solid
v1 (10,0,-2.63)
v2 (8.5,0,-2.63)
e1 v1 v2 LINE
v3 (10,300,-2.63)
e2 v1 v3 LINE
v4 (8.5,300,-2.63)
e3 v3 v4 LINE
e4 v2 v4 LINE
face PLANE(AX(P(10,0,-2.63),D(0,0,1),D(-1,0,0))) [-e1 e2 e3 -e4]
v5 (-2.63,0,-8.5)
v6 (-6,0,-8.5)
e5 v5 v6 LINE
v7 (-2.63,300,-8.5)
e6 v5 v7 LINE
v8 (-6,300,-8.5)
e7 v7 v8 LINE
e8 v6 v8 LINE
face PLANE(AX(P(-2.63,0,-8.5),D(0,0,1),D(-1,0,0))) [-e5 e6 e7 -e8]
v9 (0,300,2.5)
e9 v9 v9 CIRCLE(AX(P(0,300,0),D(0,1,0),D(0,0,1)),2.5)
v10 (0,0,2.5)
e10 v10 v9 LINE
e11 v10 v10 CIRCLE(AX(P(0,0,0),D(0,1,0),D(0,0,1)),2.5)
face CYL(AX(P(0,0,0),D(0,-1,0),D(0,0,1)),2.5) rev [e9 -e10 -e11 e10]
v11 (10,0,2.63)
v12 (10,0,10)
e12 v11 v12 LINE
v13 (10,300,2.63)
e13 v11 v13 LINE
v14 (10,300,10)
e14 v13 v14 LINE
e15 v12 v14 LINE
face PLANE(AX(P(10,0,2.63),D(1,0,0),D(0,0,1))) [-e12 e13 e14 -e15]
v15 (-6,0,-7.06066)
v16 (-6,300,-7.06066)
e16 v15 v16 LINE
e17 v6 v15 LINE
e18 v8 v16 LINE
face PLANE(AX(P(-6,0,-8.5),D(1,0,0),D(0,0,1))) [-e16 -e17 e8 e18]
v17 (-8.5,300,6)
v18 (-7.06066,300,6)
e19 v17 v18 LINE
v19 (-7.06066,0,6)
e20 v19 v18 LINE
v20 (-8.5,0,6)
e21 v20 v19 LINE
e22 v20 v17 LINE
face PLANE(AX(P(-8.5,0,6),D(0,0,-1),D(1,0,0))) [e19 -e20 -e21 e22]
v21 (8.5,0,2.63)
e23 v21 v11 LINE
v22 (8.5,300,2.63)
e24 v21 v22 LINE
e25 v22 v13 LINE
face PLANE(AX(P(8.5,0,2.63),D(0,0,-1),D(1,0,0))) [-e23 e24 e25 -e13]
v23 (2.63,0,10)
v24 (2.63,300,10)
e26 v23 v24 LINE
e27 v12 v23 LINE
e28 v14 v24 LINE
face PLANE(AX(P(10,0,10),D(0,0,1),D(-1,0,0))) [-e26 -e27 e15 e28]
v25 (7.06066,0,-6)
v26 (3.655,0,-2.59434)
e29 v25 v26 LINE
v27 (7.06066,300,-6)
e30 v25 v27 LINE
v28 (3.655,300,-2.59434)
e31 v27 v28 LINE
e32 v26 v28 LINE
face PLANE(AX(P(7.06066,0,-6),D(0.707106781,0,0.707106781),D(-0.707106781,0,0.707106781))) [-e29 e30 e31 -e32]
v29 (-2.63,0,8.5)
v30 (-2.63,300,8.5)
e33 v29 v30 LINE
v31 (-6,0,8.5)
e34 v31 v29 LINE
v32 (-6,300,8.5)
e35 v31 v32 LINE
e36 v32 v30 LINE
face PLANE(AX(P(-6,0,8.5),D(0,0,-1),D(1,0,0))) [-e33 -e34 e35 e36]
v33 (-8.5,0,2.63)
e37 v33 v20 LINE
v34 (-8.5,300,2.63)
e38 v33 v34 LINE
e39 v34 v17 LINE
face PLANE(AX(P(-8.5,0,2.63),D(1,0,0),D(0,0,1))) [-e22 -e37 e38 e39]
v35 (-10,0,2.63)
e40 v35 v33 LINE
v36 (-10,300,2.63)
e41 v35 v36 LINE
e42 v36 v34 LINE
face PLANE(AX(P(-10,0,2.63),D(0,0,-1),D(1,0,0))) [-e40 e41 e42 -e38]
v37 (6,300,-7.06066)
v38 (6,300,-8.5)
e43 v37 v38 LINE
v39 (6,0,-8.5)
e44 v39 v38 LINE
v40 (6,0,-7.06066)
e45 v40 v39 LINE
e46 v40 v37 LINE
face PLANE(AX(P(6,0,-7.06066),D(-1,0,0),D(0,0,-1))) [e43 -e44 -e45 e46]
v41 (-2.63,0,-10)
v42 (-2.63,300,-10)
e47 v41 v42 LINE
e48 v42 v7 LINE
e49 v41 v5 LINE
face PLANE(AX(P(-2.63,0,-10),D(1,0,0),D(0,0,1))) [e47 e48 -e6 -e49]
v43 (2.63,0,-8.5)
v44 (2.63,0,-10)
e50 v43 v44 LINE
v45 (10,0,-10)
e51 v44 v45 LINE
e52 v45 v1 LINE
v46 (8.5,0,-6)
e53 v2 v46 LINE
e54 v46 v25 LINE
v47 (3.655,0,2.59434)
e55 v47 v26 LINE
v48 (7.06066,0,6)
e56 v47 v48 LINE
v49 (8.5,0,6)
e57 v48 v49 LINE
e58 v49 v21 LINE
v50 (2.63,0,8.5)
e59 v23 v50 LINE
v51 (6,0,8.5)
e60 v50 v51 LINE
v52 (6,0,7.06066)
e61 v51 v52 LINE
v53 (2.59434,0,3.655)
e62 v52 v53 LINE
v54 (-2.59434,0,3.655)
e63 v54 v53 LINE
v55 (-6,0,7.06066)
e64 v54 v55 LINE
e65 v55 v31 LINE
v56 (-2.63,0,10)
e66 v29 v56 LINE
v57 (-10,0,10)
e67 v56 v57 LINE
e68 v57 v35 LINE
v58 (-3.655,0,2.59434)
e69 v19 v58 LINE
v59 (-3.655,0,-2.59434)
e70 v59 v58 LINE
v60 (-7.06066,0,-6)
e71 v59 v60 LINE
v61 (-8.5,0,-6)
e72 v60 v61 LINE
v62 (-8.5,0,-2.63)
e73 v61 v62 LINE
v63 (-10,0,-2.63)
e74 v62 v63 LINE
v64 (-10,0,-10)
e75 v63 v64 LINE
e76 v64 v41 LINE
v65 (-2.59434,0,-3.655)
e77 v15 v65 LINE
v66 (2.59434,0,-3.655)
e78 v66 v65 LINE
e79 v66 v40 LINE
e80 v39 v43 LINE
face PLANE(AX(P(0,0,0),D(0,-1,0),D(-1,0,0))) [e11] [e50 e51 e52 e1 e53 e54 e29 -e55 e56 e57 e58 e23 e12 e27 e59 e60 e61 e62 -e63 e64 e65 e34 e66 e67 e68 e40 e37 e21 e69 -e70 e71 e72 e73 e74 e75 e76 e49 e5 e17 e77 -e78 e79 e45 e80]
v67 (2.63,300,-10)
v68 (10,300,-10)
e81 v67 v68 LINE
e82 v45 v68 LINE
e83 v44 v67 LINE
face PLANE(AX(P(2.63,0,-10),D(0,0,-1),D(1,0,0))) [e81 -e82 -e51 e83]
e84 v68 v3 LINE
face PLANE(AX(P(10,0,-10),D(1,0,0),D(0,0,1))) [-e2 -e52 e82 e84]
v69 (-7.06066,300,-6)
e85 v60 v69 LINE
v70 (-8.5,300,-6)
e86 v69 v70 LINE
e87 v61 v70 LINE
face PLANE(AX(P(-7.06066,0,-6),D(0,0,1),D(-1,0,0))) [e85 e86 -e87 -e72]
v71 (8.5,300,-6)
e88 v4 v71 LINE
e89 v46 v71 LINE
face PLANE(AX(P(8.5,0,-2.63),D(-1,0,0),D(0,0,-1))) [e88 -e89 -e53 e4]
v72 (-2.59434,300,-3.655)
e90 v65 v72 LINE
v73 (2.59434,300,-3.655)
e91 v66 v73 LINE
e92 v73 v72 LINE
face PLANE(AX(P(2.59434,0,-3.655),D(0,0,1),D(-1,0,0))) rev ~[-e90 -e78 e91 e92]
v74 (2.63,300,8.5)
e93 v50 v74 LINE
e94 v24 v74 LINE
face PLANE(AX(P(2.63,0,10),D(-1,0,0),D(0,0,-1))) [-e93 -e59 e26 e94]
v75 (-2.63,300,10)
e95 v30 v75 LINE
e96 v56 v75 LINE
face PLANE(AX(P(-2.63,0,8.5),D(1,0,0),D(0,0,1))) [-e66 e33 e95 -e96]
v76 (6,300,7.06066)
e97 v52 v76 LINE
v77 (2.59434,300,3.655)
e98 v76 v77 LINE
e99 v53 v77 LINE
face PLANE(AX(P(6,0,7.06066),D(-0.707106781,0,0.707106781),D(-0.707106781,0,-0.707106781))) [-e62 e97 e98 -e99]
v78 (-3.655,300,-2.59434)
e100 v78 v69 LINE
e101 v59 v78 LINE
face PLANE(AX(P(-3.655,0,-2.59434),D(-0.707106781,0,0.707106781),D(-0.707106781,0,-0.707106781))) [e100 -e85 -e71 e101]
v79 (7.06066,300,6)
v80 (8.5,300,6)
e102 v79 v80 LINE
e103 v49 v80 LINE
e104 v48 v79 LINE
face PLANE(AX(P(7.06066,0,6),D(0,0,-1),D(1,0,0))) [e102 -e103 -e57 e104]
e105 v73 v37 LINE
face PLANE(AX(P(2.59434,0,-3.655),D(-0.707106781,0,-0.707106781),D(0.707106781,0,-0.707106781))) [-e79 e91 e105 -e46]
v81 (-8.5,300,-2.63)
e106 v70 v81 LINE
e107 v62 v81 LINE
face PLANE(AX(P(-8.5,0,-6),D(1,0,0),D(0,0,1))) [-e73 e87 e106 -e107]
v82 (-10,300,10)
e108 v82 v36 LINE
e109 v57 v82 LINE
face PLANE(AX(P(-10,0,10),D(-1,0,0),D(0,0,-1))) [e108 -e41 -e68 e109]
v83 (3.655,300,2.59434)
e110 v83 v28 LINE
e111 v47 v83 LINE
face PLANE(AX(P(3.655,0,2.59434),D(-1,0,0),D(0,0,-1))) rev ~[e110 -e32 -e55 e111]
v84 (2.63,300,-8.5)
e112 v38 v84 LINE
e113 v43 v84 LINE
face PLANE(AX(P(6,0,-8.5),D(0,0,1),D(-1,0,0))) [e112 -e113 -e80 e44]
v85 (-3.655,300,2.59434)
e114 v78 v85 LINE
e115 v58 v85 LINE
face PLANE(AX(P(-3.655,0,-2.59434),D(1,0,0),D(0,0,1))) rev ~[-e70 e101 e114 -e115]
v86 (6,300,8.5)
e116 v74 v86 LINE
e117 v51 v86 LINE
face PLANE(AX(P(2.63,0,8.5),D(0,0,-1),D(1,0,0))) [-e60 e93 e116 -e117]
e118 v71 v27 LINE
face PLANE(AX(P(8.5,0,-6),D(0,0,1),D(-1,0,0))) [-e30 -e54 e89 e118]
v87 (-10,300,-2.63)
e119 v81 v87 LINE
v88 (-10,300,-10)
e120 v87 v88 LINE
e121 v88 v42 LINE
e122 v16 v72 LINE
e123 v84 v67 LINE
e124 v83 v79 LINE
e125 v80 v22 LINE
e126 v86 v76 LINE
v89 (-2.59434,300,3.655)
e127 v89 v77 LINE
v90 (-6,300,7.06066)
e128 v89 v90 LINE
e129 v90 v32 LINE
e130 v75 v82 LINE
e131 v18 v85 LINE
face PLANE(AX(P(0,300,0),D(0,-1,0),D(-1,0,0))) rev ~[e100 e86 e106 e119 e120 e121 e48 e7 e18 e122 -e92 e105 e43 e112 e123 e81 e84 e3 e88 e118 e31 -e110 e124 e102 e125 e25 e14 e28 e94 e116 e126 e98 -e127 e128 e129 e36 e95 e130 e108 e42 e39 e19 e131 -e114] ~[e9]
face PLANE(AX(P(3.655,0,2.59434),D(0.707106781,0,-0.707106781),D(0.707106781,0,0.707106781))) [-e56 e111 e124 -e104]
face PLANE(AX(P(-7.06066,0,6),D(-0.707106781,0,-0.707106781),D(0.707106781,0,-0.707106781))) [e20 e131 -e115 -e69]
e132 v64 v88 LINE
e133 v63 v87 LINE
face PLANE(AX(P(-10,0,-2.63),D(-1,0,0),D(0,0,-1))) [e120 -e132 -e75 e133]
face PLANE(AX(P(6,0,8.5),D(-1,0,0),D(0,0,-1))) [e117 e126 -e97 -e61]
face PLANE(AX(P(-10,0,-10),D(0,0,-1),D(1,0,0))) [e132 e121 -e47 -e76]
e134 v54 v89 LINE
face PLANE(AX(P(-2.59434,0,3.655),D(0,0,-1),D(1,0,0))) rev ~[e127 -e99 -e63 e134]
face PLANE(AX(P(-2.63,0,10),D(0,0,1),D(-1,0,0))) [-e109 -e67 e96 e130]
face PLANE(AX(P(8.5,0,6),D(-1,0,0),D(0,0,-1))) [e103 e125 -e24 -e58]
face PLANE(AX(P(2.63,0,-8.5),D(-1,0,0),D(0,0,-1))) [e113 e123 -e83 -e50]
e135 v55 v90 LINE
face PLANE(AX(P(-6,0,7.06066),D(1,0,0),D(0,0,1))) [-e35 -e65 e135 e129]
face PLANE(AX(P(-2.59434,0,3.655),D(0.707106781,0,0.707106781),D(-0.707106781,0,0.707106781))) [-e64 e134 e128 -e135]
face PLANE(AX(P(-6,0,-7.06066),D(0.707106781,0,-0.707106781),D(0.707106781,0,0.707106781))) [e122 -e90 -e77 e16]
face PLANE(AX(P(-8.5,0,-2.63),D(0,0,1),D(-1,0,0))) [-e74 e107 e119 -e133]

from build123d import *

# Parameters (mm, degrees)
SKETCH3_R           = 2.5
BOSS_EXTRUDE1_DEPTH = 300


with BuildPart() as part:
    # Sketch3 → Boss-Extrude1 (new body)
    with BuildSketch(Plane(origin=(0, 0, 0), x_dir=(1, 0, 0), z_dir=(0, 1, 0))):
        Polygon((2.594339828, 3.655), (6, 7.060660172), (6, 8.5), (2.63, 8.5), (2.63, 10), (10, 10), (10, 2.63), (8.5, 2.63), (8.5, 6), (7.060660172, 6), (3.655, 2.594339828), (3.655, 0), (3.655, -2.594339828), (7.060660172, -6), (8.5, -6), (8.5, -2.63), (10, -2.63), (10, -10), (2.63, -10), (2.63, -8.5), (6, -8.5), (6, -7.060660172), (2.594339828, -3.655), (0, -3.655), (-2.594339828, -3.655), (-6, -7.060660172), (-6, -8.5), (-2.63, -8.5), (-2.63, -10), (-10, -10), (-10, -2.63), (-8.5, -2.63), (-8.5, -6), (-7.060660172, -6), (-3.655, -2.594339828), (-3.655, 0), (-3.655, 2.594339828), (-7.060660172, 6), (-8.5, 6), (-8.5, 2.63), (-10, 2.63), (-10, 10), (-2.63, 10), (-2.63, 8.5), (-6, 8.5), (-6, 7.060660172), (-2.594339828, 3.655), (0, 3.655), align=None)
        Circle(SKETCH3_R, mode=Mode.SUBTRACT)
    extrude(amount=BOSS_EXTRUDE1_DEPTH)


solid = part.part
